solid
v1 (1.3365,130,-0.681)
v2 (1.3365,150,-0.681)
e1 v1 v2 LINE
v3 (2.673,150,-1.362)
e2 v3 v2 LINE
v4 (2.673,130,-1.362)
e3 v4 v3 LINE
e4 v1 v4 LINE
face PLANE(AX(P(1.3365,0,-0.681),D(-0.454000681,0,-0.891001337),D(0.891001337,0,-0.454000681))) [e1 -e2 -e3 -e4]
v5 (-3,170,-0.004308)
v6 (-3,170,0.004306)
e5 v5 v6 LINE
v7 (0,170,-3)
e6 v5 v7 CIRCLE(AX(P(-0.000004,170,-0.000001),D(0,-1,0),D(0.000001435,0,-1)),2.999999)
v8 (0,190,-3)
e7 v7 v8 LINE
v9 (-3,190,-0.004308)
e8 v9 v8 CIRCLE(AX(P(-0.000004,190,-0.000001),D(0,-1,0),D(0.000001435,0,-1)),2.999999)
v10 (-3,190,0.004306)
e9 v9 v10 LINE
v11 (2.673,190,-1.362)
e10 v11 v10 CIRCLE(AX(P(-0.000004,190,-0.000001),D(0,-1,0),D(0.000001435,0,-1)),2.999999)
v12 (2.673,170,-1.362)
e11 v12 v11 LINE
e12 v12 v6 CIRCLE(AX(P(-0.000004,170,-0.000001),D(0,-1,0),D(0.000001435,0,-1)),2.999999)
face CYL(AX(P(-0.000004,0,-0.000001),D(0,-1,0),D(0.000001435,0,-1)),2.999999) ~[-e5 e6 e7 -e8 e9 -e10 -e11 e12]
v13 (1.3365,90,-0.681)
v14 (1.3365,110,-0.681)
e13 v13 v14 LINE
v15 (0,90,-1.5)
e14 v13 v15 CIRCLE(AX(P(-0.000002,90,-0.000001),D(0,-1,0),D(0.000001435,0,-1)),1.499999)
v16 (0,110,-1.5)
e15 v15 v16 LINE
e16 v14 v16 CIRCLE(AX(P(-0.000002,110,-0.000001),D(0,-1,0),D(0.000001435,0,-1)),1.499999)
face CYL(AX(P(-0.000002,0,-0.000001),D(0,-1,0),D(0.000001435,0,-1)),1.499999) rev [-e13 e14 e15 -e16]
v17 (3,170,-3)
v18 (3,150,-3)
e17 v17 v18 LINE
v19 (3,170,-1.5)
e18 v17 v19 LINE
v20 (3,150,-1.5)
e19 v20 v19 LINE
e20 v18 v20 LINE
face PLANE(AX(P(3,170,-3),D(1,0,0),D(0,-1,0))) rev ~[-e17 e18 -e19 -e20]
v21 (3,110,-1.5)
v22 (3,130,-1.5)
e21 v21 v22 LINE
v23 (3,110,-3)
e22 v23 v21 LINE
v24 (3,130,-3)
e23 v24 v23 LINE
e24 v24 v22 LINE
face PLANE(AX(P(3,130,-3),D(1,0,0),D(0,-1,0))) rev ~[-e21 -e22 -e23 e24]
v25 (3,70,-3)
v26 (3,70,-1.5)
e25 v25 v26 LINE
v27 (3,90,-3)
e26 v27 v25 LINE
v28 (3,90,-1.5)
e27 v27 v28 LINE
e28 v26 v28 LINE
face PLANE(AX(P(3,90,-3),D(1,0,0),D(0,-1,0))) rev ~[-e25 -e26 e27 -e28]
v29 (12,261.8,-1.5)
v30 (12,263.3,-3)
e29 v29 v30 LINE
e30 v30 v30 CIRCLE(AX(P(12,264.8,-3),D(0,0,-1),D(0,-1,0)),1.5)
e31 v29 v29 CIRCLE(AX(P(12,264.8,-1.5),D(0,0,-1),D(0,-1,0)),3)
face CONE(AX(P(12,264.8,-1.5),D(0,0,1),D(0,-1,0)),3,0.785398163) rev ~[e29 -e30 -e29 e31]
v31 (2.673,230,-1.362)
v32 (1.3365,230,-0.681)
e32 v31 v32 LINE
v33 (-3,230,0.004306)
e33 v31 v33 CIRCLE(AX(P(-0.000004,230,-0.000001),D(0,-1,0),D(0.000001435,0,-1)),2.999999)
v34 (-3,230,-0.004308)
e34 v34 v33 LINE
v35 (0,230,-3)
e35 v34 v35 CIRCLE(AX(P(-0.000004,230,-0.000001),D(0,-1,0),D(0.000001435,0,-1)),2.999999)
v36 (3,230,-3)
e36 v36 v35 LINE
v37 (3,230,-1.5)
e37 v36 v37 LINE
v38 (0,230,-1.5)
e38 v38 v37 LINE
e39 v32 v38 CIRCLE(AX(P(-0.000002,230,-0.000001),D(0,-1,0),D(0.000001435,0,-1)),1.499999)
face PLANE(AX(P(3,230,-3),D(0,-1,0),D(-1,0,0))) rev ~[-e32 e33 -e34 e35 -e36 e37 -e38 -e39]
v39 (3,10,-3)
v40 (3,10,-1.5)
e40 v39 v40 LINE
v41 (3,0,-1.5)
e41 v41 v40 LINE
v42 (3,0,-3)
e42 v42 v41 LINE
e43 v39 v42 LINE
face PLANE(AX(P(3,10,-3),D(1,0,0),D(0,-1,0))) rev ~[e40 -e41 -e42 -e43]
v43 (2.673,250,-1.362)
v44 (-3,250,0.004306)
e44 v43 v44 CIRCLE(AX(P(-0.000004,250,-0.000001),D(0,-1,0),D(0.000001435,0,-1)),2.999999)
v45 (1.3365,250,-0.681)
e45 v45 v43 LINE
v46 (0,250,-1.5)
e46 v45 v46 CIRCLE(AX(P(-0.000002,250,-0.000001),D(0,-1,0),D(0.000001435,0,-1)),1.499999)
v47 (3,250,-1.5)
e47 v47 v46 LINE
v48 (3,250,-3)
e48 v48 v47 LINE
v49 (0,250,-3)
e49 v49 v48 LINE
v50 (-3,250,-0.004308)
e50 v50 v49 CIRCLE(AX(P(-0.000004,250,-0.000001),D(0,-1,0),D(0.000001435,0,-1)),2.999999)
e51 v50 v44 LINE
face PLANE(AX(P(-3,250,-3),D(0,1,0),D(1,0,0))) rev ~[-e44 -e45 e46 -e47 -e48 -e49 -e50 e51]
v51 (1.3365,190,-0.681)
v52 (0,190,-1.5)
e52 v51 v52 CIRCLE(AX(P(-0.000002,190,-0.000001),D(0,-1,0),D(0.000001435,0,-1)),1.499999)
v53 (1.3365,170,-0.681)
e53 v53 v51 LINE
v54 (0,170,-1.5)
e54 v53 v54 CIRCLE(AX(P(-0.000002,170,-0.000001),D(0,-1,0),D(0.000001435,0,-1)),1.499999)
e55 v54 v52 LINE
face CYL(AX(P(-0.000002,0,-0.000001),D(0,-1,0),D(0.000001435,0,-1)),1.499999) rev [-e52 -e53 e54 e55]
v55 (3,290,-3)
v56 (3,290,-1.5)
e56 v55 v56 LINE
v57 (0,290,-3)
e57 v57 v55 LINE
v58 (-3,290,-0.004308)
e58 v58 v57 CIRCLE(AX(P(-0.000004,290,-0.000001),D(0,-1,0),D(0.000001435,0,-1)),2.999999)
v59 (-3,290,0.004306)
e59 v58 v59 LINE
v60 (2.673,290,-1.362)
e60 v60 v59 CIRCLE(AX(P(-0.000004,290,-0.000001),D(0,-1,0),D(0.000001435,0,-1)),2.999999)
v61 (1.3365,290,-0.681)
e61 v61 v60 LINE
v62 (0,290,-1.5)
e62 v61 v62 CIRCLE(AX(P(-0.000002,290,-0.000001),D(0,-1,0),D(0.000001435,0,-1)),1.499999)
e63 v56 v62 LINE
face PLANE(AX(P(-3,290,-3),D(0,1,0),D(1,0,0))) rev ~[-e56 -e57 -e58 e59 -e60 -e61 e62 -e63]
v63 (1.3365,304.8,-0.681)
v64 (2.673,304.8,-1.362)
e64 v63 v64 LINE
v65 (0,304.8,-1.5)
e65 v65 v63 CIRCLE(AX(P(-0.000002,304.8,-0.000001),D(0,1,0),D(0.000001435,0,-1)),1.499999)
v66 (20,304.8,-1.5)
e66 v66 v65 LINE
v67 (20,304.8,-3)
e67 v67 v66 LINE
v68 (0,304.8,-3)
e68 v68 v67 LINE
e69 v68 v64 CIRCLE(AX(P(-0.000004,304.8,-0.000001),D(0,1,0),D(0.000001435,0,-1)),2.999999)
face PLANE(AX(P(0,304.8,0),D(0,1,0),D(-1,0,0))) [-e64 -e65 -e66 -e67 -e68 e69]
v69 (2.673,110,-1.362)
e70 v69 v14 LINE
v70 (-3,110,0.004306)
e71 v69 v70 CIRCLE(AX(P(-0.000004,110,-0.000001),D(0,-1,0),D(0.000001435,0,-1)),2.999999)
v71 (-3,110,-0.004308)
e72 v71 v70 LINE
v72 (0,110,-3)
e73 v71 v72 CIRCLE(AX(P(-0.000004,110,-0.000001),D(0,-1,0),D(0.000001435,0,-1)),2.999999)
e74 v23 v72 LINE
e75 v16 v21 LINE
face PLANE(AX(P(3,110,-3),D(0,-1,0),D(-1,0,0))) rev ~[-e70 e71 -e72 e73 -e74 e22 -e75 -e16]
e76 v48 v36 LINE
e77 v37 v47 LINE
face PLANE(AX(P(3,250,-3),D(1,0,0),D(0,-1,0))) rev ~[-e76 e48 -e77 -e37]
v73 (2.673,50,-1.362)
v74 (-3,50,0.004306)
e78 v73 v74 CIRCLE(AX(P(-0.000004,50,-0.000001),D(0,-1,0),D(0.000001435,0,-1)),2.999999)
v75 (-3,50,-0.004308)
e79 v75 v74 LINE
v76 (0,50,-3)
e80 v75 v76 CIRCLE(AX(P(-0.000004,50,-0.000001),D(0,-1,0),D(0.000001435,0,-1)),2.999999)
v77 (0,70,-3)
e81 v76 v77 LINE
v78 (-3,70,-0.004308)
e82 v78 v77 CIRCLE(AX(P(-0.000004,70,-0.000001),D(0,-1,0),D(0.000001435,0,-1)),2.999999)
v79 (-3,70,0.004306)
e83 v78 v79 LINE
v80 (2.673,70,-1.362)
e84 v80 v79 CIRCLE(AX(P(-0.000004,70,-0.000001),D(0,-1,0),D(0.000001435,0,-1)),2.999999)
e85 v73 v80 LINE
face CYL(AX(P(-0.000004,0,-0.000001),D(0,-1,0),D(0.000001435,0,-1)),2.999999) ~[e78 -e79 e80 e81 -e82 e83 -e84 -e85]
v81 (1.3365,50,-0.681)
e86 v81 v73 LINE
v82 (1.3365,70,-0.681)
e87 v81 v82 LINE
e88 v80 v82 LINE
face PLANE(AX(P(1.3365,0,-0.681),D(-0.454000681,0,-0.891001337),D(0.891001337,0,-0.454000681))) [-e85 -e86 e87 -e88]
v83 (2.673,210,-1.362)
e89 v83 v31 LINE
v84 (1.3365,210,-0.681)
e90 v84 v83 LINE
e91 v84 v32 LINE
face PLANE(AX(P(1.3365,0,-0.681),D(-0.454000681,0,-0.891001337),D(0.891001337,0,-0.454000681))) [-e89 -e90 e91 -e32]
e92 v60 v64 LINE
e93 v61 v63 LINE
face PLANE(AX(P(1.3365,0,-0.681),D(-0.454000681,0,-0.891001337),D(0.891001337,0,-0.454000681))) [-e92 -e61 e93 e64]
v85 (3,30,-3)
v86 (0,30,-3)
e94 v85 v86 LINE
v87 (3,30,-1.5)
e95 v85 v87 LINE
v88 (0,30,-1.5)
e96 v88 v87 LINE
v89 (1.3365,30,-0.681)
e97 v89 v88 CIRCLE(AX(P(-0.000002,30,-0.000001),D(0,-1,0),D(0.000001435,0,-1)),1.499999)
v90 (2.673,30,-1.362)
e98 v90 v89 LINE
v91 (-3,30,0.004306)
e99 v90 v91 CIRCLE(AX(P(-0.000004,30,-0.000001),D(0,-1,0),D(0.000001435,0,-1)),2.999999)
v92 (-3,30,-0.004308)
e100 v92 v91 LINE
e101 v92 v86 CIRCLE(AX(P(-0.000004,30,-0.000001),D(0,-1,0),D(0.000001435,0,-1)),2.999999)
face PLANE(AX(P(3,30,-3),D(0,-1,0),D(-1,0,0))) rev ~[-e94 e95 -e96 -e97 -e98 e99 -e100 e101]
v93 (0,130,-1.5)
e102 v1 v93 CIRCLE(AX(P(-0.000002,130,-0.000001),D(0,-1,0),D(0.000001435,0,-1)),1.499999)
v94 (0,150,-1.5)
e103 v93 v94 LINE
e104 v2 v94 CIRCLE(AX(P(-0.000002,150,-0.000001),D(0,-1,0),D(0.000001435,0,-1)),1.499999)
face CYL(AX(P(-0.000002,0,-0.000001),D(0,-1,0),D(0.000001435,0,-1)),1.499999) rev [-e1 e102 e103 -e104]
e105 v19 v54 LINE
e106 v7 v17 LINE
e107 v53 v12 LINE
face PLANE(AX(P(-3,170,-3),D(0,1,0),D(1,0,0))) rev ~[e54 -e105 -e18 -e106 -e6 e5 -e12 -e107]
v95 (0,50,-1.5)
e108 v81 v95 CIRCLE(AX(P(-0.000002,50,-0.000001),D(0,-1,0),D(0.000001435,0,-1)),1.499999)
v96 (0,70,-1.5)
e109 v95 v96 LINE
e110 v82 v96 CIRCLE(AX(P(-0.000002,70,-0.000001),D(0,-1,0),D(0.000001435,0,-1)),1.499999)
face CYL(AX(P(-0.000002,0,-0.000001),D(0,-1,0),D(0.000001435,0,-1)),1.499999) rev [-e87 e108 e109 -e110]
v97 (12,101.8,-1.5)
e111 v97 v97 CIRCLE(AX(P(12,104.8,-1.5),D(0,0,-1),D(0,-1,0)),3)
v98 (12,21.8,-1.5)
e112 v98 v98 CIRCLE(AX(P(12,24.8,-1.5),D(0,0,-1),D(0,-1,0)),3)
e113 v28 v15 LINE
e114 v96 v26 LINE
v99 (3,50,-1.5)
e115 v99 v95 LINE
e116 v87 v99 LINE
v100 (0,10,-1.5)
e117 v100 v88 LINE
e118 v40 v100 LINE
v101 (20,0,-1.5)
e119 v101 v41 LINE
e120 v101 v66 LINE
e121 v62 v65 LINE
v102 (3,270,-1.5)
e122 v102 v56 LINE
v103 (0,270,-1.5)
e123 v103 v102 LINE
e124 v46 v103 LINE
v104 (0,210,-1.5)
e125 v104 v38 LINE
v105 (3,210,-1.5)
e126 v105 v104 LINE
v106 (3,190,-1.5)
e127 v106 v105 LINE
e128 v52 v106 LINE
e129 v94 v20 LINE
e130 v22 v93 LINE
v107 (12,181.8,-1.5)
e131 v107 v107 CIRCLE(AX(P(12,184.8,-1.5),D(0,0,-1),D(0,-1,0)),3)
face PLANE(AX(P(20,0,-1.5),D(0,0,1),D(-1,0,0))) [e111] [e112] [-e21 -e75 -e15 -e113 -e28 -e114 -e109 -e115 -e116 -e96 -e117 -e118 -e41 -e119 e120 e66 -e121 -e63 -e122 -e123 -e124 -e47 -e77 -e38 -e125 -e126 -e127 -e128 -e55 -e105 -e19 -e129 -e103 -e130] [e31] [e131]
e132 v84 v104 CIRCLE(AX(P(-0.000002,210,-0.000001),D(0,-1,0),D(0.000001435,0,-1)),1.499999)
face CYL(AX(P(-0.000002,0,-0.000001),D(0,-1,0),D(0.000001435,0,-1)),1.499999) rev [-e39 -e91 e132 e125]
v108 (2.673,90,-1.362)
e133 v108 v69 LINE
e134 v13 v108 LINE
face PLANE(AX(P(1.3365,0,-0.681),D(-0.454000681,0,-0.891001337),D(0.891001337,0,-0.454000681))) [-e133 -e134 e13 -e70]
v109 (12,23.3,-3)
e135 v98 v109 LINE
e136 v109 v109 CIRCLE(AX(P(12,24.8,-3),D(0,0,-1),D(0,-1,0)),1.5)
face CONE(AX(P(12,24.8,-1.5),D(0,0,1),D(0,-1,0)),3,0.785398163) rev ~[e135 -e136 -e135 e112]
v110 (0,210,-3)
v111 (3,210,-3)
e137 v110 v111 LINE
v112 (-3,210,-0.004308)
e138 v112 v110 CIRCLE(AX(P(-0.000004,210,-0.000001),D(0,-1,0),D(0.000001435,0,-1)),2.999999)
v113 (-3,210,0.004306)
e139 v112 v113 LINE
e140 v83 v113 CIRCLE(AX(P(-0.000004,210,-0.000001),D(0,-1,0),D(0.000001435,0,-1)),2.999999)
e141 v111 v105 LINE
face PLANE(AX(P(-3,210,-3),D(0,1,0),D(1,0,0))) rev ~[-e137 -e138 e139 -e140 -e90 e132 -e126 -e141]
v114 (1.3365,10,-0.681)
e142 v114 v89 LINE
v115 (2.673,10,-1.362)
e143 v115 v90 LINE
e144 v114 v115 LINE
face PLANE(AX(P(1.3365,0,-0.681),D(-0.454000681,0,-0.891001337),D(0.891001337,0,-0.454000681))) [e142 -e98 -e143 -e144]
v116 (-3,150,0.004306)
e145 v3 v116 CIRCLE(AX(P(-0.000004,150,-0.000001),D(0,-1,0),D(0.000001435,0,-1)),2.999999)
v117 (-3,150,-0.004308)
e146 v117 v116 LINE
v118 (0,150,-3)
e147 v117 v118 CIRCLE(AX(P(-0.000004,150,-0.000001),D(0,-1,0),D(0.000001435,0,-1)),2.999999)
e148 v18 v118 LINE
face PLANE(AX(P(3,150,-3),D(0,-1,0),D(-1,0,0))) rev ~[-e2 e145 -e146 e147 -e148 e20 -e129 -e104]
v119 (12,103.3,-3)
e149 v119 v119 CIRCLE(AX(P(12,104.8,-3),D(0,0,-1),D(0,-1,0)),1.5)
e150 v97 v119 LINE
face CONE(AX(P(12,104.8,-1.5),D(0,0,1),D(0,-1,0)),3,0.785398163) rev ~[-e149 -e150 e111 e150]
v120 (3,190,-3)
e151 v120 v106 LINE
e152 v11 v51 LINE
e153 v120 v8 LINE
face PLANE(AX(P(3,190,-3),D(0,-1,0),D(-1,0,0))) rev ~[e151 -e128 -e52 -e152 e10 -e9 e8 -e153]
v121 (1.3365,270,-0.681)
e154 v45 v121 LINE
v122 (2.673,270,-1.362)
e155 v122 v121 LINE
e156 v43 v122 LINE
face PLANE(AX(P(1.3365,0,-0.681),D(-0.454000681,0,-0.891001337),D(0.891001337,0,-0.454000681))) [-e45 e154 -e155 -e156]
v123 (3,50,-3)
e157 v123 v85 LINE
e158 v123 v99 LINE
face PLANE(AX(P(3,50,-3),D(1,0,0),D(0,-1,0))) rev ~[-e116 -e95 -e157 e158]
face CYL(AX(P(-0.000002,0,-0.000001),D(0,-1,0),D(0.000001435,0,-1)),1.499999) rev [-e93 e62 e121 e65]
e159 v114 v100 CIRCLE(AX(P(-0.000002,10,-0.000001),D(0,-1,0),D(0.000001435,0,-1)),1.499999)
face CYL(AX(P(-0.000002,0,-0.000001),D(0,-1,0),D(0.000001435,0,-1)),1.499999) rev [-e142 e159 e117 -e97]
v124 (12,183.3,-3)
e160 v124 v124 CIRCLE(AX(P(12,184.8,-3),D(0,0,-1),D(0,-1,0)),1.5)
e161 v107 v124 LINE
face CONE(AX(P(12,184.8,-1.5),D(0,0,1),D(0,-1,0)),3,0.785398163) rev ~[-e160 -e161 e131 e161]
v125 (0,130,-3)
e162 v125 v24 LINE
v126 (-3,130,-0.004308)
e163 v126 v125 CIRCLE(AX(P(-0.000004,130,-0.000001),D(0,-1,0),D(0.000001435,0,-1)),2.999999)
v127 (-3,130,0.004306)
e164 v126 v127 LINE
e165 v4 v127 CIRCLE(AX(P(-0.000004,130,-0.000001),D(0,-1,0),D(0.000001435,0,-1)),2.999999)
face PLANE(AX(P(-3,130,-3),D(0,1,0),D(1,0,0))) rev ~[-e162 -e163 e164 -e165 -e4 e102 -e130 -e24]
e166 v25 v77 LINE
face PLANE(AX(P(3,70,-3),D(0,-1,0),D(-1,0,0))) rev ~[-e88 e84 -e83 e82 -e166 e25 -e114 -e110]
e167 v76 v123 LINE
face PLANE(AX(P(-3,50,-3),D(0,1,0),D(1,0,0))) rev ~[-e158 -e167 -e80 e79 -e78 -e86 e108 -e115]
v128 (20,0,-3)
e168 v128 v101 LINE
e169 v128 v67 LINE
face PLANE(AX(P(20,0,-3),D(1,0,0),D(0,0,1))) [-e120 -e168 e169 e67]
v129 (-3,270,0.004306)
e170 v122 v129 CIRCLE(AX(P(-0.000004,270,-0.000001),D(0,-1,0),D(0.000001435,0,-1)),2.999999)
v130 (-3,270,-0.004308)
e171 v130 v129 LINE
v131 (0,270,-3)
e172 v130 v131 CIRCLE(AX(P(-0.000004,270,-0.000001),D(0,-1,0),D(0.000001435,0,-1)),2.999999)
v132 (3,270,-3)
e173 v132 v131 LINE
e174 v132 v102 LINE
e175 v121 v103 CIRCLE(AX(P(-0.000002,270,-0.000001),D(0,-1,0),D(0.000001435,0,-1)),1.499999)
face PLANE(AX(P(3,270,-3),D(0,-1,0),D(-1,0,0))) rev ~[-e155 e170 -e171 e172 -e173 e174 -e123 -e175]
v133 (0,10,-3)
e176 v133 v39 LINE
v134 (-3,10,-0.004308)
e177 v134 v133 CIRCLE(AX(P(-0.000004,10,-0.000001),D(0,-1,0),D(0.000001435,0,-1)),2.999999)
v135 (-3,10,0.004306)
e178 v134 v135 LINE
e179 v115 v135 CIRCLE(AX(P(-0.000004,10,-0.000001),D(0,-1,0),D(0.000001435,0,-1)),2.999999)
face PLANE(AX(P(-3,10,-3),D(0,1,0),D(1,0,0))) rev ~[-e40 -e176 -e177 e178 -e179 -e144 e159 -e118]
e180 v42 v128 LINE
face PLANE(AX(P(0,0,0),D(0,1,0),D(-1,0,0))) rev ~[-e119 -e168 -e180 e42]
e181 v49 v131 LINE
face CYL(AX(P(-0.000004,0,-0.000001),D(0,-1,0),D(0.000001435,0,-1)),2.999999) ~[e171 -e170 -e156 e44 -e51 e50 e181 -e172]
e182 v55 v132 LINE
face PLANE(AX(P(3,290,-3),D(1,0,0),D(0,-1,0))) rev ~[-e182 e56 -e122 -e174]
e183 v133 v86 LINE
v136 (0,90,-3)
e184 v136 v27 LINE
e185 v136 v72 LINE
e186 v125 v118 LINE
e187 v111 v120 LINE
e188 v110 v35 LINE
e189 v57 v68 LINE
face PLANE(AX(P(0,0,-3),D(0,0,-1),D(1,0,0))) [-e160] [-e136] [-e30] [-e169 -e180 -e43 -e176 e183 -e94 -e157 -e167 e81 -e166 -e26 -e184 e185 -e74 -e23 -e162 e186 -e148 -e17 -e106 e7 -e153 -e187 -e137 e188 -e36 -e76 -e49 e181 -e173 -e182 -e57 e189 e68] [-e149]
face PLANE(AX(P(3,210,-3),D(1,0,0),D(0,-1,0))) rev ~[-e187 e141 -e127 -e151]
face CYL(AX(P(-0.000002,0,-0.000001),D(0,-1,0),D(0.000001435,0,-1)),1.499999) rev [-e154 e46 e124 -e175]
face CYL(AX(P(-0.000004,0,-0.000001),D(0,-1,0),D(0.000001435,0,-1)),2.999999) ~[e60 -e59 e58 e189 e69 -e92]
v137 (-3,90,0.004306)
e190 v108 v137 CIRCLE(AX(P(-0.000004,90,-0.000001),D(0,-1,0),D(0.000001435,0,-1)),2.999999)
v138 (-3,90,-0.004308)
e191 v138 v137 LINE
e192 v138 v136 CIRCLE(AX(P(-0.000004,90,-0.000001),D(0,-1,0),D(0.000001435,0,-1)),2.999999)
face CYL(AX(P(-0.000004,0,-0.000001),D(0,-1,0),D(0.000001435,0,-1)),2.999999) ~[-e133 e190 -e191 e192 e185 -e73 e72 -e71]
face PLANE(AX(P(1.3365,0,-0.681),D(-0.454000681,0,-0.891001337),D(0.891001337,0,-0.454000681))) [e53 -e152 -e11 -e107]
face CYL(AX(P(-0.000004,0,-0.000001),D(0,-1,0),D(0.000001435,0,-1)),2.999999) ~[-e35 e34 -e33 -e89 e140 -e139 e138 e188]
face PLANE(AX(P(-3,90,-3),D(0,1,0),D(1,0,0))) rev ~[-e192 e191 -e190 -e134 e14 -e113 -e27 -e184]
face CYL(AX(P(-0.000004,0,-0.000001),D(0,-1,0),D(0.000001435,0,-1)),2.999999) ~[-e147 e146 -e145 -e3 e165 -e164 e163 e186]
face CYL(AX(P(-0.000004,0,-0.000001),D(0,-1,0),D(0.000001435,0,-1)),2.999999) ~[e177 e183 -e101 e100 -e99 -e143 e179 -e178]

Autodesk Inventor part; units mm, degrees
ref_plane "YZ Plane" through (0, 0, 0) normal (1, 0, 0) x (0, 1, 0)
ref_plane "XZ Plane" through (0, 0, 0) normal (0, 1, 0) x (-1, 0, 0)
ref_plane "XY Plane" through (0, 0, 0) normal (0, 0, 1) x (1, 0, 0)
sketch "Sketch2" plane through (0, 0, 0) normal (0, 1, 0) x (-1, 0, 0)
  arc A0 (0, -1.5) -> (-1.3365, -0.681) centre (0, 0) ccw
  arc A1 (0, -3) -> (-2.673, -1.362) centre (0, 0) ccw
  line L0 (0, -3) -> (-20, -3)
  line L1 (-20, -3) -> (-20, -1.5)
  line L2 (-20, -1.5) -> (0, -1.5)
  line L3 (-1.3365, -0.681) -> (-2.673, -1.362)
  dimension "d0" = 1.5
  dimension "d1" = 1.5
  dimension "d2" = 20
  dimension "d3" = 3
  dimension "d4" = 27
extrude "Extrusion1" add sketch "Sketch2" along normal blind 304.8
sketch "Sketch3" plane through (20, 0, -3) normal (0, 0, -1) x (-1, 0, 0)
  line L0 (0, 0) -> (20, 0) projected
  line L1 (23, 50) -> (17, 50)
  line L2 (17, 50) -> (17, 30)
  line L3 (17, 30) -> (23, 30)
  line L4 (23, 30) -> (23, 50)
  line L5 (17, 0) -> (17, 304.8) projected
  dimension "d8" = 20
  dimension "d9" = 6
  dimension "d24" = 30
extrude "Extrusion2" cut sketch "Sketch3" against normal through all
pattern_linear "Rectangular Pattern1" count 25 spacing 40 along (0, 1, 0) of "Extrusion2"
sketch "Sketch5" plane through (20, 0, -3) normal (0, 0, -1) x (-1, 0, 0)
  line L0 (0, 0) -> (20, 0) projected
  line L1 (17, 0) -> (23, 0)
  line L2 (23, 0) -> (23, 10)
  line L3 (23, 10) -> (17, 10)
  line L4 (17, 10) -> (17, 0)
  point P0 (17, 30)
  dimension "d25" = 10
  dimension "d26" = 6
extrude "Extrusion3" cut sketch "Sketch5" against normal through all
sketch "Sketch4" plane through (20, 0, -1.5) normal (0, 0, 1) x (1, 0, 0)
  line L0 (0, 0) -> (0, 304.8) projected
  line L1 (0, 304.8) -> (-20, 304.8) projected
  point P0 (-8, -615.2)
  point P1 (-8, -535.2)
  point P2 (-8, -455.2)
  point P3 (-8, -375.2)
  point P4 (-8, -295.2)
  point P5 (-8, -215.2)
  point P6 (-8, -135.2)
  point P7 (-8, -55.2)
  point P8 (-8, 24.8)
  point P9 (-8, 104.8)
  point P10 (-8, 184.8)
  point P11 (-8, 264.8)
  point P12 (-17, 1000)
  point P13 (-20, 304.8)
  dimension "d15" = 8
  dimension "d29" = 40
  dimension "d30" = 80
  dimension "d31" = 80
  dimension "d32" = 80
  dimension "d33" = 80
  dimension "d34" = 80
  dimension "d35" = 80
  dimension "d36" = 80
  dimension "d37" = 80
  dimension "d38" = 80
  dimension "d39" = 80
  dimension "d40" = 80
hole "Hole1" at (12, -615.2, -1.5) at (12, -535.2, -1.5) at (12, -455.2, -1.5) at (12, -375.2, -1.5) at (12, -295.2, -1.5) at (12, -215.2, -1.5) at (12, -135.2, -1.5) at (12, -55.2, -1.5) at (12, 24.8, -1.5) at (12, 104.8, -1.5) at (12, 184.8, -1.5) at (12, 264.8, -1.5) direction (0, 0, -1) diameter 3 end through all countersink diameter 6 countersink angle 90
equation "\"d1\" = d0"
equation "\"d31\" = d30"
equation "\"d32\" = d30"
equation "\"d33\" = d30"
equation "\"d34\" = d30"
equation "\"d35\" = d30"
equation "\"d36\" = d30"
equation "\"d37\" = d36"
equation "\"d38\" = d37"
equation "\"d39\" = d38"
equation "\"d40\" = d39"
properties part number "SIDE 2" material "Steel, Mild"
